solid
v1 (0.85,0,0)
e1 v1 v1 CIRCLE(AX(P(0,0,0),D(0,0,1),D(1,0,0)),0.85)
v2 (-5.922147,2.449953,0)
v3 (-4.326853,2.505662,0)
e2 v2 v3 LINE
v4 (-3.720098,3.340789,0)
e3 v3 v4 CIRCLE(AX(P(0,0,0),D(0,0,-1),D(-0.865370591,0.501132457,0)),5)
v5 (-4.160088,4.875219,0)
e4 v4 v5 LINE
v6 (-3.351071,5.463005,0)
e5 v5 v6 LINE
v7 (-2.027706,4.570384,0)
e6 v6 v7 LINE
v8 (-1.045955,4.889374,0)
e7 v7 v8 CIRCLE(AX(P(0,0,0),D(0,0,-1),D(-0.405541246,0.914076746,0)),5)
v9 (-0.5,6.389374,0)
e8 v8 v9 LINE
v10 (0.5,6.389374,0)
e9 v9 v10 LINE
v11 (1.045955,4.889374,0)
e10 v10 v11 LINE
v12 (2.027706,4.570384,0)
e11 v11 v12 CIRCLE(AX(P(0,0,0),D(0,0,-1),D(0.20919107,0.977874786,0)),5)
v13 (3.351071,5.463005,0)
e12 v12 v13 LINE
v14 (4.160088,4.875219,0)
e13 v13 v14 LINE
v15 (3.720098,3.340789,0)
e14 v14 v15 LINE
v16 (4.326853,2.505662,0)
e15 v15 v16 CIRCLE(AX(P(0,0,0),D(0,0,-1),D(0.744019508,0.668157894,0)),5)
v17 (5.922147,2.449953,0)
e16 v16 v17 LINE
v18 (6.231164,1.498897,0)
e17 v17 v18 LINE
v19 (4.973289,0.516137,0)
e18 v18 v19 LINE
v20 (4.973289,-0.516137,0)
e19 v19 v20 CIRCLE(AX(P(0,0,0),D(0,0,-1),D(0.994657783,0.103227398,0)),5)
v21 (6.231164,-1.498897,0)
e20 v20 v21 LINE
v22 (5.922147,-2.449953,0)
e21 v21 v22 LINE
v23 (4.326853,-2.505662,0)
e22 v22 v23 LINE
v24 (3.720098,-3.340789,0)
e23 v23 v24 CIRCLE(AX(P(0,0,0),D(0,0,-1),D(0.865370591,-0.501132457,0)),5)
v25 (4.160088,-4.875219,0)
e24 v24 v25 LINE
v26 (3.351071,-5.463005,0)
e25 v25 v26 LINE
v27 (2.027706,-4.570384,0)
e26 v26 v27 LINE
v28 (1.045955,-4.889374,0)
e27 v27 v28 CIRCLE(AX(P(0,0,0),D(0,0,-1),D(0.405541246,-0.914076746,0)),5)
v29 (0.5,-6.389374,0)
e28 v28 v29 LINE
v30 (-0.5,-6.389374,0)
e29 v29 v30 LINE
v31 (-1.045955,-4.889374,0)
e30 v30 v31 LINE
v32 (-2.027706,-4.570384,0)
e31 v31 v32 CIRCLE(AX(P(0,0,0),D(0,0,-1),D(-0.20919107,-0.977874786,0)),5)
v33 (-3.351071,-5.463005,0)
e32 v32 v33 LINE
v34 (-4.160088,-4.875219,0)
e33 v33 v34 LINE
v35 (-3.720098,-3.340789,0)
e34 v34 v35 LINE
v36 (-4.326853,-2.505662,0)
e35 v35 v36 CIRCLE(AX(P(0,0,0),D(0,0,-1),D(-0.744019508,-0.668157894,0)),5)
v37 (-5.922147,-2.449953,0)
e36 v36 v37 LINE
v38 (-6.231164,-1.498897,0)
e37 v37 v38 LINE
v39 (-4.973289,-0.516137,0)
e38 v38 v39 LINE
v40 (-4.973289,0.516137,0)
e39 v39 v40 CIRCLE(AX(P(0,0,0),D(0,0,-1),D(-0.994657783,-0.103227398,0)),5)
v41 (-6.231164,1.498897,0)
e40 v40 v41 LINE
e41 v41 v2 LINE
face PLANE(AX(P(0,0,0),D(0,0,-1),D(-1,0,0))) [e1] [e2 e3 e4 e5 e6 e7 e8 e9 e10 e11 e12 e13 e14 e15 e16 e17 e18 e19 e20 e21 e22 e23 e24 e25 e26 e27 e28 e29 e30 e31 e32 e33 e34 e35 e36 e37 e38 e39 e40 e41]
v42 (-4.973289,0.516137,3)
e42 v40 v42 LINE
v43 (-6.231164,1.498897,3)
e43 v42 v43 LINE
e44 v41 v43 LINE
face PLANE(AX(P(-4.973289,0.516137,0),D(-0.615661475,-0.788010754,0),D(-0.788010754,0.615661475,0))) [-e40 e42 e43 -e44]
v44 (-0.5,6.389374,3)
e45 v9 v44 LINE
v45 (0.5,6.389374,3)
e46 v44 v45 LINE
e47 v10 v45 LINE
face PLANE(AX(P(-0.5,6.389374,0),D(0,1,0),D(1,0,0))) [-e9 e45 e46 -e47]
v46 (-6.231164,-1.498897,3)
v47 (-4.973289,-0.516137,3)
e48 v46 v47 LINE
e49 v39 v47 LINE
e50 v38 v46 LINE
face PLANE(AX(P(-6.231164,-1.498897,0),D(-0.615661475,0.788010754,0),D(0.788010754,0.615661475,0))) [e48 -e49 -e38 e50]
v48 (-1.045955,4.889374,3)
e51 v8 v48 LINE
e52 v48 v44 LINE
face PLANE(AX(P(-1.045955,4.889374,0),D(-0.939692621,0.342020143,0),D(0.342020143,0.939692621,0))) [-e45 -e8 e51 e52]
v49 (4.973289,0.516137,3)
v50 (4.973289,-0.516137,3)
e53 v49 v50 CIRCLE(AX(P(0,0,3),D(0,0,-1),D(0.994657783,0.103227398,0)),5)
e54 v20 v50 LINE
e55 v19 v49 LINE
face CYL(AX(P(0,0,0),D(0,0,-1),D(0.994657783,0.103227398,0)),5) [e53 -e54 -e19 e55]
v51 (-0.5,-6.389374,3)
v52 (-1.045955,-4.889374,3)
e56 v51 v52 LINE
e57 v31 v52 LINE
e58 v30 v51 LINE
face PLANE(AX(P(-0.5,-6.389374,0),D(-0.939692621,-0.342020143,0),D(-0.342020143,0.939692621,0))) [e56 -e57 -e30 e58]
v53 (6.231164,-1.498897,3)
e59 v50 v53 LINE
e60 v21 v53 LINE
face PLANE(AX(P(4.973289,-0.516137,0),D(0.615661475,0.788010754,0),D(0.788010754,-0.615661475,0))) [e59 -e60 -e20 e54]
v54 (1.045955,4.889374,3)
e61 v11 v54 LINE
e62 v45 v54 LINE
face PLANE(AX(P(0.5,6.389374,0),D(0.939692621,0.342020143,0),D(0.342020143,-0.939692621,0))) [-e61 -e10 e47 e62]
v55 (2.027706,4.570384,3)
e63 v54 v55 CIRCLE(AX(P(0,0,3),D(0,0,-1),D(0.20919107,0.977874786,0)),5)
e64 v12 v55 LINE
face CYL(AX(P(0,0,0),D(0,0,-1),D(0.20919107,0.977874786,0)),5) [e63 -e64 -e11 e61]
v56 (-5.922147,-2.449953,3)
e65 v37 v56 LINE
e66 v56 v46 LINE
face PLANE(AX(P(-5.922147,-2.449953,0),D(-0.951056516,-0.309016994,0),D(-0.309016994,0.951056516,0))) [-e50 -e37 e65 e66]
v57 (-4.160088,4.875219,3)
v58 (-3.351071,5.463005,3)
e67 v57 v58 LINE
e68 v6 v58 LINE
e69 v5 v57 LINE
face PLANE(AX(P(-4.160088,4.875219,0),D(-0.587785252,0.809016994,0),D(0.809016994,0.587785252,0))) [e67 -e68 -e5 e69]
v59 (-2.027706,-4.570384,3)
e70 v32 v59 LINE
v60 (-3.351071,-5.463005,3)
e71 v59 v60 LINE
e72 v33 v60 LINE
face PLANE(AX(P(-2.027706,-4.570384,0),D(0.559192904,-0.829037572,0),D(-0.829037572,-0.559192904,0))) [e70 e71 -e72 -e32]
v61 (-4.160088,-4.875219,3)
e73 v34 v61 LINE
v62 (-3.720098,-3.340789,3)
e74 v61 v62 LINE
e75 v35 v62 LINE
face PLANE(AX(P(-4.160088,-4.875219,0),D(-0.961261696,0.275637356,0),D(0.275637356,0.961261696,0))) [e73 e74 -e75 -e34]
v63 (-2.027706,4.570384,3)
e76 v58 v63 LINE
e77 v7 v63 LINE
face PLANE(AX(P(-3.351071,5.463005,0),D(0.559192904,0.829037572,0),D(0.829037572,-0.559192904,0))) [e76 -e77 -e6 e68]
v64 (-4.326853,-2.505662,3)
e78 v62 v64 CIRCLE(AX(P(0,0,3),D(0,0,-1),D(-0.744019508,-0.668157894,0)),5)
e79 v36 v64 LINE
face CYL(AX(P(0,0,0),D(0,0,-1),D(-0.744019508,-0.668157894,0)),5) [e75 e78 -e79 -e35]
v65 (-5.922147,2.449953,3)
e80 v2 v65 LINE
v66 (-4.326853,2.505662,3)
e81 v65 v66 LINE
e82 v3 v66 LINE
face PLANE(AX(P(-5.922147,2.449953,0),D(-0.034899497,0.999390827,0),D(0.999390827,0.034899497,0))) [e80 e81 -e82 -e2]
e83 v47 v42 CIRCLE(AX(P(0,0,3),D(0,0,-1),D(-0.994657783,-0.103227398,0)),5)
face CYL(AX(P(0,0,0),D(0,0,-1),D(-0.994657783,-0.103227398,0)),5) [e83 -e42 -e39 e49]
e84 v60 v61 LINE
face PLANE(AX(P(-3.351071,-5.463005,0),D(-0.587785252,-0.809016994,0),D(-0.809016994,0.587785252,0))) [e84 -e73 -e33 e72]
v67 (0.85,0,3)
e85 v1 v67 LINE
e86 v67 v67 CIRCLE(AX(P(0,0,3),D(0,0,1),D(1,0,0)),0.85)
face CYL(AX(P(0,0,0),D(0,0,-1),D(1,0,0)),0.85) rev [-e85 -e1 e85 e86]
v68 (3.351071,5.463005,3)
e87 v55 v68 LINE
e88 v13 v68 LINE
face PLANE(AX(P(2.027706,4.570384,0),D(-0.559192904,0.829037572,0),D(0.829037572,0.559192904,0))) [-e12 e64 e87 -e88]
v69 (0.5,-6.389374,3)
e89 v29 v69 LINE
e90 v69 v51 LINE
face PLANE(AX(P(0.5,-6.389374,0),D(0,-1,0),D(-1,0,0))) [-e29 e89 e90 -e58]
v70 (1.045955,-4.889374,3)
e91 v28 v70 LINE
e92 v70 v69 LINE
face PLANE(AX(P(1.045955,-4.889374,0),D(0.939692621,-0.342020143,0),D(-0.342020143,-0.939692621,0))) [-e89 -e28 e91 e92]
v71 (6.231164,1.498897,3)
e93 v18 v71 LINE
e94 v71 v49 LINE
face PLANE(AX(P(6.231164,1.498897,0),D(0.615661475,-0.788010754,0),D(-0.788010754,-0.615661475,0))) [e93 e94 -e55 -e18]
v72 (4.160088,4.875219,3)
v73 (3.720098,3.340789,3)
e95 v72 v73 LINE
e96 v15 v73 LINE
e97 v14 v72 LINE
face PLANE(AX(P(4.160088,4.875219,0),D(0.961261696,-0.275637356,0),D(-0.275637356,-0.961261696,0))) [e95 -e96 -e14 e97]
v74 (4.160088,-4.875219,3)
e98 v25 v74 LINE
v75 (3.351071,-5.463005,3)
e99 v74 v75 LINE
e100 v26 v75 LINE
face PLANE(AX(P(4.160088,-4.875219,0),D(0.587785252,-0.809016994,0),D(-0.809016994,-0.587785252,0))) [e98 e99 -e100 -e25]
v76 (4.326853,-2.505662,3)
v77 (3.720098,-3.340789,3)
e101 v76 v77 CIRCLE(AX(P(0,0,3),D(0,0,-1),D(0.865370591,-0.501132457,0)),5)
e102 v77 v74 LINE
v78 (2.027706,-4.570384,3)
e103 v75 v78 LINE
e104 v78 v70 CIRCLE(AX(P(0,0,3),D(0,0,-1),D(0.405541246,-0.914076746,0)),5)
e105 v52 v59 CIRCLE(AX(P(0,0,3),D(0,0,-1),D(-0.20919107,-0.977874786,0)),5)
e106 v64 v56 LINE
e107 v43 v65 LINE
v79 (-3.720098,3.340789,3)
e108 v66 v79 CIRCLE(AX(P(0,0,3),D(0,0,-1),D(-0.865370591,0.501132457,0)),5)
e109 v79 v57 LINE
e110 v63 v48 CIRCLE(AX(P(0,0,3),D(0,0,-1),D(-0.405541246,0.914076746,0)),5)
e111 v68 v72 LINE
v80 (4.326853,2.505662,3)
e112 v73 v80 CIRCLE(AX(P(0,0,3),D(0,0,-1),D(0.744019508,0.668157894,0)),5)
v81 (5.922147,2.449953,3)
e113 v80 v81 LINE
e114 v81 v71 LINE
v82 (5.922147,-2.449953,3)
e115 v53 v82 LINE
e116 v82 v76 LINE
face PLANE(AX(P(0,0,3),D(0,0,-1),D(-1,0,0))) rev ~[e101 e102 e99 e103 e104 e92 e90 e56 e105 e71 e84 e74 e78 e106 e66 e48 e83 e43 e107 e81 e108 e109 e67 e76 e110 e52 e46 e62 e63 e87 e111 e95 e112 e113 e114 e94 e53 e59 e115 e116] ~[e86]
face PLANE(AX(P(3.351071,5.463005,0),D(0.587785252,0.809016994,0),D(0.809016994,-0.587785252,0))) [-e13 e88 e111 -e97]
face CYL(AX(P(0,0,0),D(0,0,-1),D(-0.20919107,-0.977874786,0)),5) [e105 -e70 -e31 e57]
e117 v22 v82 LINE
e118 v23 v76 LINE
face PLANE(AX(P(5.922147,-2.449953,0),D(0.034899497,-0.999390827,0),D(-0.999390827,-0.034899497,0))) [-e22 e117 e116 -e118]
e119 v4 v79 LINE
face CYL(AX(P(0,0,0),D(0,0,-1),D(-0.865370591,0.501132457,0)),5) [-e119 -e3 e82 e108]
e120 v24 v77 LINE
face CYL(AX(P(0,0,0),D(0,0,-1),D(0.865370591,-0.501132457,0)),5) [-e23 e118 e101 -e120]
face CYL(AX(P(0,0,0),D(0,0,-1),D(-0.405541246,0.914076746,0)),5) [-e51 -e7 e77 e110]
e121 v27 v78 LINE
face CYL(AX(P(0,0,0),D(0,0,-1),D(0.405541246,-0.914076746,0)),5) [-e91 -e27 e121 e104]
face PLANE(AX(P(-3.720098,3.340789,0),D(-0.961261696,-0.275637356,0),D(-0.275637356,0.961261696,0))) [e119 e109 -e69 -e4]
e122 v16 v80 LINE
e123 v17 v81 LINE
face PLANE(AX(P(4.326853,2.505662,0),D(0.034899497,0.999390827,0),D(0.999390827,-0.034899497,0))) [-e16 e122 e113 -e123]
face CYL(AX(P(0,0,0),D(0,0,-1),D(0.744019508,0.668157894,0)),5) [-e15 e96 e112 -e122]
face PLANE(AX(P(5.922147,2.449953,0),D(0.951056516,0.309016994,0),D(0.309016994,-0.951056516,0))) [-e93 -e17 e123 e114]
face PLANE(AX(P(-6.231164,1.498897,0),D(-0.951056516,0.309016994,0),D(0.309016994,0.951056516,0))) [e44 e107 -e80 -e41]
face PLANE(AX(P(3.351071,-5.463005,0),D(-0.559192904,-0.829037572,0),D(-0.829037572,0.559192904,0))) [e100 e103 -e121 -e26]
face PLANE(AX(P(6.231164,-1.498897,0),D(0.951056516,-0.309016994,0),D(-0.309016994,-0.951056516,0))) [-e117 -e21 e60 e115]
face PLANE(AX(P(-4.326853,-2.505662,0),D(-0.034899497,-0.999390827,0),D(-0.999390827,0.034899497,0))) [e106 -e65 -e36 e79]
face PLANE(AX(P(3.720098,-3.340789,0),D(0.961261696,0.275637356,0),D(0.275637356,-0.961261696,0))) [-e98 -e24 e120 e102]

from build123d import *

# Parameters (mm, degrees)
SKETCH1_R           = 0.85
BOSS_EXTRUDE1_DEPTH = 3


with BuildPart() as part:
    # Sketch1 → Boss-Extrude1 (new body)
    with BuildSketch(Plane.XY):
        with BuildLine():
            Line((-1.045955351, 4.889373927), (-0.5, 6.389373927))
            Line((-0.5, 6.389373927), (0.5, 6.389373927))
            Line((0.5, 6.389373927), (1.045955351, 4.889373927))
            ThreePointArc((1.045955351, 4.889373927), (1.545084972, 4.755282581), (2.027706233, 4.570383729))
            Line((2.027706233, 4.570383729), (3.351071269, 5.463004717))
            Line((3.351071269, 5.463004717), (4.160088263, 4.875219465))
            Line((4.160088263, 4.875219465), (3.720097542, 3.340789469))
            ThreePointArc((3.720097542, 3.340789469), (4.045084972, 2.938926261), (4.326852955, 2.505662288))
            Line((4.326852955, 2.505662288), (5.922147212, 2.449953385))
            Line((5.922147212, 2.449953385), (6.231164206, 1.498896869))
            Line((6.231164206, 1.498896869), (4.973288913, 0.516136983))
            ThreePointArc((4.973288913, 0.516136983), (5, 0), (4.973288913, -0.516136983))
            Line((4.973288913, -0.516136983), (6.231164206, -1.498896869))
            Line((6.231164206, -1.498896869), (5.922147212, -2.449953385))
            Line((5.922147212, -2.449953385), (4.326852955, -2.505662288))
            ThreePointArc((4.326852955, -2.505662288), (4.045084972, -2.938926261), (3.720097542, -3.340789469))
            Line((3.720097542, -3.340789469), (4.160088263, -4.875219465))
            Line((4.160088263, -4.875219465), (3.351071269, -5.463004717))
            Line((3.351071269, -5.463004717), (2.027706233, -4.570383729))
            ThreePointArc((2.027706233, -4.570383729), (1.545084972, -4.755282581), (1.045955351, -4.889373927))
            Line((1.045955351, -4.889373927), (0.5, -6.389373927))
            Line((0.5, -6.389373927), (-0.5, -6.389373927))
            Line((-0.5, -6.389373927), (-1.045955351, -4.889373927))
            ThreePointArc((-1.045955351, -4.889373927), (-1.545084972, -4.755282581), (-2.027706233, -4.570383729))
            Line((-2.027706233, -4.570383729), (-3.351071269, -5.463004717))
            Line((-3.351071269, -5.463004717), (-4.160088263, -4.875219465))
            Line((-4.160088263, -4.875219465), (-3.720097542, -3.340789469))
            ThreePointArc((-3.720097542, -3.340789469), (-4.045084972, -2.938926261), (-4.326852955, -2.505662288))
            Line((-4.326852955, -2.505662288), (-5.922147212, -2.449953385))
            Line((-5.922147212, -2.449953385), (-6.231164206, -1.498896869))
            Line((-6.231164206, -1.498896869), (-4.973288913, -0.516136983))
            ThreePointArc((-4.973288913, -0.516136983), (-5, 0), (-4.973288913, 0.516136983))
            Line((-4.973288913, 0.516136983), (-6.231164206, 1.498896869))
            Line((-6.231164206, 1.498896869), (-5.922147212, 2.449953385))
            Line((-5.922147212, 2.449953385), (-4.326852955, 2.505662288))
            ThreePointArc((-4.326852955, 2.505662288), (-4.045084972, 2.938926261), (-3.720097542, 3.340789469))
            Line((-3.720097542, 3.340789469), (-4.160088263, 4.875219465))
            Line((-4.160088263, 4.875219465), (-3.351071269, 5.463004717))
            Line((-3.351071269, 5.463004717), (-2.027706233, 4.570383729))
            ThreePointArc((-2.027706233, 4.570383729), (-1.545084972, 4.755282581), (-1.045955351, 4.889373927))
        make_face()
        Circle(SKETCH1_R, mode=Mode.SUBTRACT)
    extrude(amount=BOSS_EXTRUDE1_DEPTH)


solid = part.part
